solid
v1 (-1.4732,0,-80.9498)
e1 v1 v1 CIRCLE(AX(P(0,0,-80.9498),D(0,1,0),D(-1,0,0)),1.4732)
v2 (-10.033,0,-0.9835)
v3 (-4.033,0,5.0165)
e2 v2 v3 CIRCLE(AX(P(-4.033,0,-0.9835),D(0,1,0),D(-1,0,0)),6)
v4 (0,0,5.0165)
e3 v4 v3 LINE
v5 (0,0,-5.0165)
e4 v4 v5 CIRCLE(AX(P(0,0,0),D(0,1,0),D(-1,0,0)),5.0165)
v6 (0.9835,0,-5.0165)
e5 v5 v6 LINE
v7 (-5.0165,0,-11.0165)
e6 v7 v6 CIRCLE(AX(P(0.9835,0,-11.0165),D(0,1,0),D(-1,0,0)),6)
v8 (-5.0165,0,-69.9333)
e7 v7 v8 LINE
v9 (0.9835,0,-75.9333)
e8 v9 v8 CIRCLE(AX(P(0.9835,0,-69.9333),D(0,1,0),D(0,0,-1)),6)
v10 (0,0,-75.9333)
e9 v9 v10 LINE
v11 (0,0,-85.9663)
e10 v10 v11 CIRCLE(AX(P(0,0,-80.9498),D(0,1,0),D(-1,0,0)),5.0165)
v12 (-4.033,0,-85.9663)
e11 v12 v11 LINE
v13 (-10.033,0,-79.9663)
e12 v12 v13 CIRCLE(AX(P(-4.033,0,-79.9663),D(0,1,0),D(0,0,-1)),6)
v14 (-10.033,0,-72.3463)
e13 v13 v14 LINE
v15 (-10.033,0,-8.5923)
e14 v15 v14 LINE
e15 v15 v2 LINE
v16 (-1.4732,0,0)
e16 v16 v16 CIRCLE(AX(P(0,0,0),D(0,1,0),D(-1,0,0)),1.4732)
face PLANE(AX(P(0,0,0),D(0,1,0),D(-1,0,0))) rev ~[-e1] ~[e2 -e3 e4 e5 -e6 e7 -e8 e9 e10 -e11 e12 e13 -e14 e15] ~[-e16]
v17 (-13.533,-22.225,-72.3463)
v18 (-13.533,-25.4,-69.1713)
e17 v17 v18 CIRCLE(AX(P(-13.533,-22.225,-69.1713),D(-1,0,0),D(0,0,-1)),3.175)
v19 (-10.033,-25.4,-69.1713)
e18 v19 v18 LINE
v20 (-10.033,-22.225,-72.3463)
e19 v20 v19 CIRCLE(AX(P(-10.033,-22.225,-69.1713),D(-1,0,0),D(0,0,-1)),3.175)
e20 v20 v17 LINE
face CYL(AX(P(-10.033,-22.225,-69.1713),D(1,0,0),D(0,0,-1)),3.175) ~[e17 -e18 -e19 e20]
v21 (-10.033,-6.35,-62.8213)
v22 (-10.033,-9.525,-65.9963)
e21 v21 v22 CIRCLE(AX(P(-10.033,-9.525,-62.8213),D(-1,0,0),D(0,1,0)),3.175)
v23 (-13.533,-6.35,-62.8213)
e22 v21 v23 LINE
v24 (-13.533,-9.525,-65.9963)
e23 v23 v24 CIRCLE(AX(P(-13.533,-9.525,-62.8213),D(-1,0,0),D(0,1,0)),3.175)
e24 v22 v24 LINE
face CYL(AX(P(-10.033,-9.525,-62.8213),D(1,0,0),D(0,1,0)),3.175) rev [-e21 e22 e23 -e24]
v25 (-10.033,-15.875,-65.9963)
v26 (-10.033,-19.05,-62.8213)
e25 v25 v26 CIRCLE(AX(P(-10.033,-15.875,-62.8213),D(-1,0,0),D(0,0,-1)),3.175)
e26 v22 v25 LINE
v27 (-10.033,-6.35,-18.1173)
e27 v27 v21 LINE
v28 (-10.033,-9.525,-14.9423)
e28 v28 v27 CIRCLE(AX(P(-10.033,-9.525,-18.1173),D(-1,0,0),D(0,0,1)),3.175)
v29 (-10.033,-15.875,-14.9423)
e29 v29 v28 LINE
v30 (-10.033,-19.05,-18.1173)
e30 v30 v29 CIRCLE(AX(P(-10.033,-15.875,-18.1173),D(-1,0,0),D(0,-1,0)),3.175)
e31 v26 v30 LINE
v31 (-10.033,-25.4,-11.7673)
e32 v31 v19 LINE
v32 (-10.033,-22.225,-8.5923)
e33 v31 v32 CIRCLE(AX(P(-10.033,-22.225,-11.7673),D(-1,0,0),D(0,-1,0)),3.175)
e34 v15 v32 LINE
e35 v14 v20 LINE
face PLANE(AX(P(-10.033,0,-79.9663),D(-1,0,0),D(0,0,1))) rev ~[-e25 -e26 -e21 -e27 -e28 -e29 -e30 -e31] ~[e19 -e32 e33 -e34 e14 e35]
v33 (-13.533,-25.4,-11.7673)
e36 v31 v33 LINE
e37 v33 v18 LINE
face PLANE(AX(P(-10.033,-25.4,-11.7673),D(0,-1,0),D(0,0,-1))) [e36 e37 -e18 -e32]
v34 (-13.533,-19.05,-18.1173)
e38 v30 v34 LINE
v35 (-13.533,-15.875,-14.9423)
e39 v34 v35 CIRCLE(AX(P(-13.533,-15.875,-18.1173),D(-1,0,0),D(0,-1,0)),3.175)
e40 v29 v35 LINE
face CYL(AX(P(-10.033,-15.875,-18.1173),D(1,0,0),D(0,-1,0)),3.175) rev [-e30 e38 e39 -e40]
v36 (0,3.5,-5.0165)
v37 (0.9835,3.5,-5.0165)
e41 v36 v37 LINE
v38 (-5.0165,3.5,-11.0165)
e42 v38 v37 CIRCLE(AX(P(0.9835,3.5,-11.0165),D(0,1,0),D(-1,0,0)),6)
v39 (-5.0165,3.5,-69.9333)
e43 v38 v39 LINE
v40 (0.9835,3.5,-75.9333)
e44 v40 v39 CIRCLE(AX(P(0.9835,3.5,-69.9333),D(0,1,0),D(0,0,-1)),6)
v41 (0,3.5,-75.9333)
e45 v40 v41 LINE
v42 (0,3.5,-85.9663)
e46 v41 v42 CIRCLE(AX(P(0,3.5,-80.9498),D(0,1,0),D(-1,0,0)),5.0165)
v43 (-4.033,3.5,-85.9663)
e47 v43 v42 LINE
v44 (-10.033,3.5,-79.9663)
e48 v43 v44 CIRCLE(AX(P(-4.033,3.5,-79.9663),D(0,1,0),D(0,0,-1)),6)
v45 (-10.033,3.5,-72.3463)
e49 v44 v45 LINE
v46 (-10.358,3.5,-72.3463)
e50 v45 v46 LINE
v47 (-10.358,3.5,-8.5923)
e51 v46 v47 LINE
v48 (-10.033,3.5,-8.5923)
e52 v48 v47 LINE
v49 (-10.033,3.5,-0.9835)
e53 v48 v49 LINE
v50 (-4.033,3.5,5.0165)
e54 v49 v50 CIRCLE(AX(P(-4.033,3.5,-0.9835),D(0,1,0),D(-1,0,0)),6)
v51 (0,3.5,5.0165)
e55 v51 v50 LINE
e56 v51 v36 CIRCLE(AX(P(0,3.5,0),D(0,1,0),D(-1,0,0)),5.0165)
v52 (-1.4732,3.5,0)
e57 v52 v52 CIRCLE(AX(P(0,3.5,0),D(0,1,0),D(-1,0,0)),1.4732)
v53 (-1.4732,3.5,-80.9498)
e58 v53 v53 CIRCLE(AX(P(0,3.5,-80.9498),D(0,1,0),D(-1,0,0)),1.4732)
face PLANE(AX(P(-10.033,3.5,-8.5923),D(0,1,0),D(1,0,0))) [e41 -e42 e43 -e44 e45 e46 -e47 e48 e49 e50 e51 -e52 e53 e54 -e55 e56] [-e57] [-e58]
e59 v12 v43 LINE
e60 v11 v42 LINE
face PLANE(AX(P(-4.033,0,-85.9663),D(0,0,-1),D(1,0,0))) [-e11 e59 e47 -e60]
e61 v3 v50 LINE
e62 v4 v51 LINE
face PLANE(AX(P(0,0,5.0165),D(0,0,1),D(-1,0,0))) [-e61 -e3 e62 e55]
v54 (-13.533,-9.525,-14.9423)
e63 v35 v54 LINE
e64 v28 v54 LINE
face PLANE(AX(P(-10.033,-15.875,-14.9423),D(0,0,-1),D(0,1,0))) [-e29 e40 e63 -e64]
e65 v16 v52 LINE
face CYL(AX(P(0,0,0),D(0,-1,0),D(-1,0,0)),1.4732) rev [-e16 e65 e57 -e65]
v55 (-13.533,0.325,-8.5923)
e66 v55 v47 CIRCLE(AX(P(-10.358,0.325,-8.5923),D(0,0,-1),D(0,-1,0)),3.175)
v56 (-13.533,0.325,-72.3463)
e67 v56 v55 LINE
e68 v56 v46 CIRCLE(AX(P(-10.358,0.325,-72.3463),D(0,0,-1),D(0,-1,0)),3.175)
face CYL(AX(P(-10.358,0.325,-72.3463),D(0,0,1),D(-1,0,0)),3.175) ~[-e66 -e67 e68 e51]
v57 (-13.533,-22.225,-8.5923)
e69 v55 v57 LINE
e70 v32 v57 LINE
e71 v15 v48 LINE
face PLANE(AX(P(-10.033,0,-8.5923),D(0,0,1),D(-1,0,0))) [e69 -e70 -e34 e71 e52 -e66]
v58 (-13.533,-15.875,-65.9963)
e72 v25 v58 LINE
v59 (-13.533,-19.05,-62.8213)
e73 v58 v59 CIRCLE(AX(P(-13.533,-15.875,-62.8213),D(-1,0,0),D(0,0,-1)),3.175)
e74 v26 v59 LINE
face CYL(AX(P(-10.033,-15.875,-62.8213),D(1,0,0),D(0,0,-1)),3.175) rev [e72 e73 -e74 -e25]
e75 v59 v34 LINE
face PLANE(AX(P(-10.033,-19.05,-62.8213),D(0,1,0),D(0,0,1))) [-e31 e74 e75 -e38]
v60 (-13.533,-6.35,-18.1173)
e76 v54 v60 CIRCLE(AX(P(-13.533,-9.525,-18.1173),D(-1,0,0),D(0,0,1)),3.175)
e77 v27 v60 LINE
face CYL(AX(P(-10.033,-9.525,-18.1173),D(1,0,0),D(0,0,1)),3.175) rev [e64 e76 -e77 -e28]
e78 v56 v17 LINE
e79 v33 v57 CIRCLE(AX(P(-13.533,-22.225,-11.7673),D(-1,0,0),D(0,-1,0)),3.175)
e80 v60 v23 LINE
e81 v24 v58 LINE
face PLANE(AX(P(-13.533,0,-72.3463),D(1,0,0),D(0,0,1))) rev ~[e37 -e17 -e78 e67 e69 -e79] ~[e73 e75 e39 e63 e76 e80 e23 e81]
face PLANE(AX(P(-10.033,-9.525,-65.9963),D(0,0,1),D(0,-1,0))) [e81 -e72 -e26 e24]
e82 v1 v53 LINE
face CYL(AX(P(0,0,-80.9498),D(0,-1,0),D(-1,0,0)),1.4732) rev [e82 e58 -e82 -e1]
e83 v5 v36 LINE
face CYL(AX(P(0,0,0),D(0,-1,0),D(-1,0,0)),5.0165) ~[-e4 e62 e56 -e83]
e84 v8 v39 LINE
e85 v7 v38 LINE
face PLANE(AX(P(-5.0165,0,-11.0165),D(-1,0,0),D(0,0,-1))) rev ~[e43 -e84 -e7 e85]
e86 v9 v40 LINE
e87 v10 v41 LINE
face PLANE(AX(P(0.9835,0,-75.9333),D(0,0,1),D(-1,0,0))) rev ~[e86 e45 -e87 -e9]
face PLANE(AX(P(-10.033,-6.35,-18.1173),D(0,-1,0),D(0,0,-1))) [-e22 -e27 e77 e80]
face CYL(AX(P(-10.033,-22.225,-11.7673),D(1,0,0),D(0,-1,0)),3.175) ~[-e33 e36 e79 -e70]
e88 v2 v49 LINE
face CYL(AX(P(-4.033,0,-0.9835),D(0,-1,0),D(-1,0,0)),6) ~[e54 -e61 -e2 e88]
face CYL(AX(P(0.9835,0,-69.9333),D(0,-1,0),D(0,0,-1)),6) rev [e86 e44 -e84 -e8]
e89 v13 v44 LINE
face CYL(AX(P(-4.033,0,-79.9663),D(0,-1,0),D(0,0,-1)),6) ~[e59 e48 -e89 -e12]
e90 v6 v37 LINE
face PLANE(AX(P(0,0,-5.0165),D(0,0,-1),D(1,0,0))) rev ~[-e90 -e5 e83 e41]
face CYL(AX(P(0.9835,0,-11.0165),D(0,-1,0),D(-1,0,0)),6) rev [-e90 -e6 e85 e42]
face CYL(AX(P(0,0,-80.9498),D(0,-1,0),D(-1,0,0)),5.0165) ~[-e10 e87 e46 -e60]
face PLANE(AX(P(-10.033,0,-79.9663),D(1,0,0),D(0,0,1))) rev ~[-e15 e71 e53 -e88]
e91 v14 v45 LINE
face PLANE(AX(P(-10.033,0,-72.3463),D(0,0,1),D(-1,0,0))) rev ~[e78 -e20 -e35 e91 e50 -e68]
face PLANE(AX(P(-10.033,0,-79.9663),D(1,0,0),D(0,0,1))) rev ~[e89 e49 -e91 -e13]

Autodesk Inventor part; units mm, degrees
ref_plane "YZ Plane" through (0, 0, 0) normal (1, 0, 0) x (0, 1, 0)
ref_plane "XZ Plane" through (0, 0, 0) normal (0, 1, 0) x (-1, 0, 0)
ref_plane "XY Plane" through (0, 0, 0) normal (0, 0, 1) x (1, 0, 0)
sketch "Sketch1" plane through (0, 0, 0) normal (0, 1, 0) x (-1, 0, 0)
  circle A0 centre (0, 0) radius 1.4732
  circle A1 centre (0, -80.9498) radius 1.4732
  circle A2 centre (0, 0) radius 5.0165
  circle A3 centre (0, -80.9498) radius 5.0165
  line L0 (0, 5.0165) -> (4.033, 5.0165)
  line L1 (4.033, -85.9663) -> (0, -85.9663)
  line L2 (10.033, -79.9663) -> (10.033, -0.9835)
  line L3 (0, -5.0165) -> (-0.9835, -5.0165)
  line L4 (5.0165, -11.0165) -> (5.0165, -69.9333)
  line L5 (-0.9835, -75.9333) -> (0, -75.9333)
  arc A4 (10.033, -0.9835) -> (4.033, 5.0165) centre (4.033, -0.9835) ccw
  arc A5 (4.033, -85.9663) -> (10.033, -79.9663) centre (4.033, -79.9663) ccw
  arc A6 (5.0165, -11.0165) -> (-0.9835, -5.0165) centre (-0.9835, -11.0165) ccw
  arc A7 (-0.9835, -75.9333) -> (5.0165, -69.9333) centre (-0.9835, -69.9333) ccw
  point P0 (10.033, 5.0165)
  dimension "d0" = 2.9464
  dimension "d2" = 2.9464
  dimension "d3" = 10.033
  dimension "d4" = 10.033
  dimension "d7" = 80.9498
  dimension "d8" = 10.033
  dimension "d9" = 6
  dimension "d10" = 6
  dimension "d11" = 6
  dimension "d12" = 6
extrude "Extrusion1" add sketch "Sketch1" along normal blind 3.5
sketch "Sketch2" plane through (-10.033, 0, -79.9663) normal (-1, 0, 0) x (0, 0, 1)
  line L0 (0, 0) -> (0, 3.5) projected
  line L1 (0, 0) -> (7.62, 0)
  line L2 (0, 0) -> (78.9828, 0) projected
  line L3 (7.62, 0) -> (7.62, -22.225)
  line L4 (7.62, 0) -> (71.374, 0)
  line L5 (68.9498, 0) -> (10.033, 0) projected
  line L6 (71.374, 0) -> (71.374, -22.225)
  line L7 (68.199, -25.4) -> (10.795, -25.4)
  line L8 (7.62, 0) -> (19.2419, 0) construction
  line L9 (71.374, 0) -> (44.6419, 0) construction
  line L10 (61.849, -6.35) -> (17.145, -6.35)
  line L11 (17.145, -19.05) -> (61.849, -19.05)
  line L12 (65.024, -15.875) -> (65.024, -9.525)
  line L13 (13.97, -9.525) -> (13.97, -15.875)
  arc A0 (17.145, -6.35) -> (13.97, -9.525) centre (17.145, -9.525) ccw
  arc A1 (65.024, -9.525) -> (61.849, -6.35) centre (61.849, -9.525) ccw
  arc A2 (61.849, -19.05) -> (65.024, -15.875) centre (61.849, -15.875) ccw
  arc A3 (13.97, -15.875) -> (17.145, -19.05) centre (17.145, -15.875) ccw
  arc A4 (7.62, -22.225) -> (10.795, -25.4) centre (10.795, -22.225) ccw
  arc A5 (68.199, -25.4) -> (71.374, -22.225) centre (68.199, -22.225) ccw
  point P0 (79.9663, 0)
  point P1 (7.62, -25.4)
  point P2 (13.97, -6.35)
  point P3 (71.374, 0)
  dimension "d15" = 7.62
  dimension "d16" = 25.4
  dimension "d17" = 63.754
  dimension "d19" = 6.35
  dimension "d22" = 3.175
  dimension "d23" = 3.175
  dimension "d24" = 3.175
  dimension "d25" = 3.175
  dimension "d26" = 3.175
  dimension "d27" = 3.175
  dimension "d33" = 44.704
  dimension "d34" = 44.704
extrude "Extrusion2" add sketch "Sketch2" along normal blind 3.5
sketch "Sketch4" plane through (-10.033, 0, -8.5923) normal (0, 1, 0) x (1, 0, 0)
  line L0 (0, 63.754) -> (-3.5, 63.754) projected
  line L1 (0, 63.754) -> (-3.5, 63.754)
  line L2 (0, 0) -> (-3.5, 0) projected
  line L3 (-3.5, 63.754) -> (-3.5, 0)
  line L4 (-3.5, 0) -> (0, 0)
  line L5 (0, 0) -> (0, 63.754)
  point P0 (10.033, -8.5923)
extrude "Extrusion3" add sketch "Sketch4" along normal blind 3.5
fillet "Fillet1" radius 3.175 1 edges at (-13.533, 3.5, -40.4693)
properties part number "sidemount3"
